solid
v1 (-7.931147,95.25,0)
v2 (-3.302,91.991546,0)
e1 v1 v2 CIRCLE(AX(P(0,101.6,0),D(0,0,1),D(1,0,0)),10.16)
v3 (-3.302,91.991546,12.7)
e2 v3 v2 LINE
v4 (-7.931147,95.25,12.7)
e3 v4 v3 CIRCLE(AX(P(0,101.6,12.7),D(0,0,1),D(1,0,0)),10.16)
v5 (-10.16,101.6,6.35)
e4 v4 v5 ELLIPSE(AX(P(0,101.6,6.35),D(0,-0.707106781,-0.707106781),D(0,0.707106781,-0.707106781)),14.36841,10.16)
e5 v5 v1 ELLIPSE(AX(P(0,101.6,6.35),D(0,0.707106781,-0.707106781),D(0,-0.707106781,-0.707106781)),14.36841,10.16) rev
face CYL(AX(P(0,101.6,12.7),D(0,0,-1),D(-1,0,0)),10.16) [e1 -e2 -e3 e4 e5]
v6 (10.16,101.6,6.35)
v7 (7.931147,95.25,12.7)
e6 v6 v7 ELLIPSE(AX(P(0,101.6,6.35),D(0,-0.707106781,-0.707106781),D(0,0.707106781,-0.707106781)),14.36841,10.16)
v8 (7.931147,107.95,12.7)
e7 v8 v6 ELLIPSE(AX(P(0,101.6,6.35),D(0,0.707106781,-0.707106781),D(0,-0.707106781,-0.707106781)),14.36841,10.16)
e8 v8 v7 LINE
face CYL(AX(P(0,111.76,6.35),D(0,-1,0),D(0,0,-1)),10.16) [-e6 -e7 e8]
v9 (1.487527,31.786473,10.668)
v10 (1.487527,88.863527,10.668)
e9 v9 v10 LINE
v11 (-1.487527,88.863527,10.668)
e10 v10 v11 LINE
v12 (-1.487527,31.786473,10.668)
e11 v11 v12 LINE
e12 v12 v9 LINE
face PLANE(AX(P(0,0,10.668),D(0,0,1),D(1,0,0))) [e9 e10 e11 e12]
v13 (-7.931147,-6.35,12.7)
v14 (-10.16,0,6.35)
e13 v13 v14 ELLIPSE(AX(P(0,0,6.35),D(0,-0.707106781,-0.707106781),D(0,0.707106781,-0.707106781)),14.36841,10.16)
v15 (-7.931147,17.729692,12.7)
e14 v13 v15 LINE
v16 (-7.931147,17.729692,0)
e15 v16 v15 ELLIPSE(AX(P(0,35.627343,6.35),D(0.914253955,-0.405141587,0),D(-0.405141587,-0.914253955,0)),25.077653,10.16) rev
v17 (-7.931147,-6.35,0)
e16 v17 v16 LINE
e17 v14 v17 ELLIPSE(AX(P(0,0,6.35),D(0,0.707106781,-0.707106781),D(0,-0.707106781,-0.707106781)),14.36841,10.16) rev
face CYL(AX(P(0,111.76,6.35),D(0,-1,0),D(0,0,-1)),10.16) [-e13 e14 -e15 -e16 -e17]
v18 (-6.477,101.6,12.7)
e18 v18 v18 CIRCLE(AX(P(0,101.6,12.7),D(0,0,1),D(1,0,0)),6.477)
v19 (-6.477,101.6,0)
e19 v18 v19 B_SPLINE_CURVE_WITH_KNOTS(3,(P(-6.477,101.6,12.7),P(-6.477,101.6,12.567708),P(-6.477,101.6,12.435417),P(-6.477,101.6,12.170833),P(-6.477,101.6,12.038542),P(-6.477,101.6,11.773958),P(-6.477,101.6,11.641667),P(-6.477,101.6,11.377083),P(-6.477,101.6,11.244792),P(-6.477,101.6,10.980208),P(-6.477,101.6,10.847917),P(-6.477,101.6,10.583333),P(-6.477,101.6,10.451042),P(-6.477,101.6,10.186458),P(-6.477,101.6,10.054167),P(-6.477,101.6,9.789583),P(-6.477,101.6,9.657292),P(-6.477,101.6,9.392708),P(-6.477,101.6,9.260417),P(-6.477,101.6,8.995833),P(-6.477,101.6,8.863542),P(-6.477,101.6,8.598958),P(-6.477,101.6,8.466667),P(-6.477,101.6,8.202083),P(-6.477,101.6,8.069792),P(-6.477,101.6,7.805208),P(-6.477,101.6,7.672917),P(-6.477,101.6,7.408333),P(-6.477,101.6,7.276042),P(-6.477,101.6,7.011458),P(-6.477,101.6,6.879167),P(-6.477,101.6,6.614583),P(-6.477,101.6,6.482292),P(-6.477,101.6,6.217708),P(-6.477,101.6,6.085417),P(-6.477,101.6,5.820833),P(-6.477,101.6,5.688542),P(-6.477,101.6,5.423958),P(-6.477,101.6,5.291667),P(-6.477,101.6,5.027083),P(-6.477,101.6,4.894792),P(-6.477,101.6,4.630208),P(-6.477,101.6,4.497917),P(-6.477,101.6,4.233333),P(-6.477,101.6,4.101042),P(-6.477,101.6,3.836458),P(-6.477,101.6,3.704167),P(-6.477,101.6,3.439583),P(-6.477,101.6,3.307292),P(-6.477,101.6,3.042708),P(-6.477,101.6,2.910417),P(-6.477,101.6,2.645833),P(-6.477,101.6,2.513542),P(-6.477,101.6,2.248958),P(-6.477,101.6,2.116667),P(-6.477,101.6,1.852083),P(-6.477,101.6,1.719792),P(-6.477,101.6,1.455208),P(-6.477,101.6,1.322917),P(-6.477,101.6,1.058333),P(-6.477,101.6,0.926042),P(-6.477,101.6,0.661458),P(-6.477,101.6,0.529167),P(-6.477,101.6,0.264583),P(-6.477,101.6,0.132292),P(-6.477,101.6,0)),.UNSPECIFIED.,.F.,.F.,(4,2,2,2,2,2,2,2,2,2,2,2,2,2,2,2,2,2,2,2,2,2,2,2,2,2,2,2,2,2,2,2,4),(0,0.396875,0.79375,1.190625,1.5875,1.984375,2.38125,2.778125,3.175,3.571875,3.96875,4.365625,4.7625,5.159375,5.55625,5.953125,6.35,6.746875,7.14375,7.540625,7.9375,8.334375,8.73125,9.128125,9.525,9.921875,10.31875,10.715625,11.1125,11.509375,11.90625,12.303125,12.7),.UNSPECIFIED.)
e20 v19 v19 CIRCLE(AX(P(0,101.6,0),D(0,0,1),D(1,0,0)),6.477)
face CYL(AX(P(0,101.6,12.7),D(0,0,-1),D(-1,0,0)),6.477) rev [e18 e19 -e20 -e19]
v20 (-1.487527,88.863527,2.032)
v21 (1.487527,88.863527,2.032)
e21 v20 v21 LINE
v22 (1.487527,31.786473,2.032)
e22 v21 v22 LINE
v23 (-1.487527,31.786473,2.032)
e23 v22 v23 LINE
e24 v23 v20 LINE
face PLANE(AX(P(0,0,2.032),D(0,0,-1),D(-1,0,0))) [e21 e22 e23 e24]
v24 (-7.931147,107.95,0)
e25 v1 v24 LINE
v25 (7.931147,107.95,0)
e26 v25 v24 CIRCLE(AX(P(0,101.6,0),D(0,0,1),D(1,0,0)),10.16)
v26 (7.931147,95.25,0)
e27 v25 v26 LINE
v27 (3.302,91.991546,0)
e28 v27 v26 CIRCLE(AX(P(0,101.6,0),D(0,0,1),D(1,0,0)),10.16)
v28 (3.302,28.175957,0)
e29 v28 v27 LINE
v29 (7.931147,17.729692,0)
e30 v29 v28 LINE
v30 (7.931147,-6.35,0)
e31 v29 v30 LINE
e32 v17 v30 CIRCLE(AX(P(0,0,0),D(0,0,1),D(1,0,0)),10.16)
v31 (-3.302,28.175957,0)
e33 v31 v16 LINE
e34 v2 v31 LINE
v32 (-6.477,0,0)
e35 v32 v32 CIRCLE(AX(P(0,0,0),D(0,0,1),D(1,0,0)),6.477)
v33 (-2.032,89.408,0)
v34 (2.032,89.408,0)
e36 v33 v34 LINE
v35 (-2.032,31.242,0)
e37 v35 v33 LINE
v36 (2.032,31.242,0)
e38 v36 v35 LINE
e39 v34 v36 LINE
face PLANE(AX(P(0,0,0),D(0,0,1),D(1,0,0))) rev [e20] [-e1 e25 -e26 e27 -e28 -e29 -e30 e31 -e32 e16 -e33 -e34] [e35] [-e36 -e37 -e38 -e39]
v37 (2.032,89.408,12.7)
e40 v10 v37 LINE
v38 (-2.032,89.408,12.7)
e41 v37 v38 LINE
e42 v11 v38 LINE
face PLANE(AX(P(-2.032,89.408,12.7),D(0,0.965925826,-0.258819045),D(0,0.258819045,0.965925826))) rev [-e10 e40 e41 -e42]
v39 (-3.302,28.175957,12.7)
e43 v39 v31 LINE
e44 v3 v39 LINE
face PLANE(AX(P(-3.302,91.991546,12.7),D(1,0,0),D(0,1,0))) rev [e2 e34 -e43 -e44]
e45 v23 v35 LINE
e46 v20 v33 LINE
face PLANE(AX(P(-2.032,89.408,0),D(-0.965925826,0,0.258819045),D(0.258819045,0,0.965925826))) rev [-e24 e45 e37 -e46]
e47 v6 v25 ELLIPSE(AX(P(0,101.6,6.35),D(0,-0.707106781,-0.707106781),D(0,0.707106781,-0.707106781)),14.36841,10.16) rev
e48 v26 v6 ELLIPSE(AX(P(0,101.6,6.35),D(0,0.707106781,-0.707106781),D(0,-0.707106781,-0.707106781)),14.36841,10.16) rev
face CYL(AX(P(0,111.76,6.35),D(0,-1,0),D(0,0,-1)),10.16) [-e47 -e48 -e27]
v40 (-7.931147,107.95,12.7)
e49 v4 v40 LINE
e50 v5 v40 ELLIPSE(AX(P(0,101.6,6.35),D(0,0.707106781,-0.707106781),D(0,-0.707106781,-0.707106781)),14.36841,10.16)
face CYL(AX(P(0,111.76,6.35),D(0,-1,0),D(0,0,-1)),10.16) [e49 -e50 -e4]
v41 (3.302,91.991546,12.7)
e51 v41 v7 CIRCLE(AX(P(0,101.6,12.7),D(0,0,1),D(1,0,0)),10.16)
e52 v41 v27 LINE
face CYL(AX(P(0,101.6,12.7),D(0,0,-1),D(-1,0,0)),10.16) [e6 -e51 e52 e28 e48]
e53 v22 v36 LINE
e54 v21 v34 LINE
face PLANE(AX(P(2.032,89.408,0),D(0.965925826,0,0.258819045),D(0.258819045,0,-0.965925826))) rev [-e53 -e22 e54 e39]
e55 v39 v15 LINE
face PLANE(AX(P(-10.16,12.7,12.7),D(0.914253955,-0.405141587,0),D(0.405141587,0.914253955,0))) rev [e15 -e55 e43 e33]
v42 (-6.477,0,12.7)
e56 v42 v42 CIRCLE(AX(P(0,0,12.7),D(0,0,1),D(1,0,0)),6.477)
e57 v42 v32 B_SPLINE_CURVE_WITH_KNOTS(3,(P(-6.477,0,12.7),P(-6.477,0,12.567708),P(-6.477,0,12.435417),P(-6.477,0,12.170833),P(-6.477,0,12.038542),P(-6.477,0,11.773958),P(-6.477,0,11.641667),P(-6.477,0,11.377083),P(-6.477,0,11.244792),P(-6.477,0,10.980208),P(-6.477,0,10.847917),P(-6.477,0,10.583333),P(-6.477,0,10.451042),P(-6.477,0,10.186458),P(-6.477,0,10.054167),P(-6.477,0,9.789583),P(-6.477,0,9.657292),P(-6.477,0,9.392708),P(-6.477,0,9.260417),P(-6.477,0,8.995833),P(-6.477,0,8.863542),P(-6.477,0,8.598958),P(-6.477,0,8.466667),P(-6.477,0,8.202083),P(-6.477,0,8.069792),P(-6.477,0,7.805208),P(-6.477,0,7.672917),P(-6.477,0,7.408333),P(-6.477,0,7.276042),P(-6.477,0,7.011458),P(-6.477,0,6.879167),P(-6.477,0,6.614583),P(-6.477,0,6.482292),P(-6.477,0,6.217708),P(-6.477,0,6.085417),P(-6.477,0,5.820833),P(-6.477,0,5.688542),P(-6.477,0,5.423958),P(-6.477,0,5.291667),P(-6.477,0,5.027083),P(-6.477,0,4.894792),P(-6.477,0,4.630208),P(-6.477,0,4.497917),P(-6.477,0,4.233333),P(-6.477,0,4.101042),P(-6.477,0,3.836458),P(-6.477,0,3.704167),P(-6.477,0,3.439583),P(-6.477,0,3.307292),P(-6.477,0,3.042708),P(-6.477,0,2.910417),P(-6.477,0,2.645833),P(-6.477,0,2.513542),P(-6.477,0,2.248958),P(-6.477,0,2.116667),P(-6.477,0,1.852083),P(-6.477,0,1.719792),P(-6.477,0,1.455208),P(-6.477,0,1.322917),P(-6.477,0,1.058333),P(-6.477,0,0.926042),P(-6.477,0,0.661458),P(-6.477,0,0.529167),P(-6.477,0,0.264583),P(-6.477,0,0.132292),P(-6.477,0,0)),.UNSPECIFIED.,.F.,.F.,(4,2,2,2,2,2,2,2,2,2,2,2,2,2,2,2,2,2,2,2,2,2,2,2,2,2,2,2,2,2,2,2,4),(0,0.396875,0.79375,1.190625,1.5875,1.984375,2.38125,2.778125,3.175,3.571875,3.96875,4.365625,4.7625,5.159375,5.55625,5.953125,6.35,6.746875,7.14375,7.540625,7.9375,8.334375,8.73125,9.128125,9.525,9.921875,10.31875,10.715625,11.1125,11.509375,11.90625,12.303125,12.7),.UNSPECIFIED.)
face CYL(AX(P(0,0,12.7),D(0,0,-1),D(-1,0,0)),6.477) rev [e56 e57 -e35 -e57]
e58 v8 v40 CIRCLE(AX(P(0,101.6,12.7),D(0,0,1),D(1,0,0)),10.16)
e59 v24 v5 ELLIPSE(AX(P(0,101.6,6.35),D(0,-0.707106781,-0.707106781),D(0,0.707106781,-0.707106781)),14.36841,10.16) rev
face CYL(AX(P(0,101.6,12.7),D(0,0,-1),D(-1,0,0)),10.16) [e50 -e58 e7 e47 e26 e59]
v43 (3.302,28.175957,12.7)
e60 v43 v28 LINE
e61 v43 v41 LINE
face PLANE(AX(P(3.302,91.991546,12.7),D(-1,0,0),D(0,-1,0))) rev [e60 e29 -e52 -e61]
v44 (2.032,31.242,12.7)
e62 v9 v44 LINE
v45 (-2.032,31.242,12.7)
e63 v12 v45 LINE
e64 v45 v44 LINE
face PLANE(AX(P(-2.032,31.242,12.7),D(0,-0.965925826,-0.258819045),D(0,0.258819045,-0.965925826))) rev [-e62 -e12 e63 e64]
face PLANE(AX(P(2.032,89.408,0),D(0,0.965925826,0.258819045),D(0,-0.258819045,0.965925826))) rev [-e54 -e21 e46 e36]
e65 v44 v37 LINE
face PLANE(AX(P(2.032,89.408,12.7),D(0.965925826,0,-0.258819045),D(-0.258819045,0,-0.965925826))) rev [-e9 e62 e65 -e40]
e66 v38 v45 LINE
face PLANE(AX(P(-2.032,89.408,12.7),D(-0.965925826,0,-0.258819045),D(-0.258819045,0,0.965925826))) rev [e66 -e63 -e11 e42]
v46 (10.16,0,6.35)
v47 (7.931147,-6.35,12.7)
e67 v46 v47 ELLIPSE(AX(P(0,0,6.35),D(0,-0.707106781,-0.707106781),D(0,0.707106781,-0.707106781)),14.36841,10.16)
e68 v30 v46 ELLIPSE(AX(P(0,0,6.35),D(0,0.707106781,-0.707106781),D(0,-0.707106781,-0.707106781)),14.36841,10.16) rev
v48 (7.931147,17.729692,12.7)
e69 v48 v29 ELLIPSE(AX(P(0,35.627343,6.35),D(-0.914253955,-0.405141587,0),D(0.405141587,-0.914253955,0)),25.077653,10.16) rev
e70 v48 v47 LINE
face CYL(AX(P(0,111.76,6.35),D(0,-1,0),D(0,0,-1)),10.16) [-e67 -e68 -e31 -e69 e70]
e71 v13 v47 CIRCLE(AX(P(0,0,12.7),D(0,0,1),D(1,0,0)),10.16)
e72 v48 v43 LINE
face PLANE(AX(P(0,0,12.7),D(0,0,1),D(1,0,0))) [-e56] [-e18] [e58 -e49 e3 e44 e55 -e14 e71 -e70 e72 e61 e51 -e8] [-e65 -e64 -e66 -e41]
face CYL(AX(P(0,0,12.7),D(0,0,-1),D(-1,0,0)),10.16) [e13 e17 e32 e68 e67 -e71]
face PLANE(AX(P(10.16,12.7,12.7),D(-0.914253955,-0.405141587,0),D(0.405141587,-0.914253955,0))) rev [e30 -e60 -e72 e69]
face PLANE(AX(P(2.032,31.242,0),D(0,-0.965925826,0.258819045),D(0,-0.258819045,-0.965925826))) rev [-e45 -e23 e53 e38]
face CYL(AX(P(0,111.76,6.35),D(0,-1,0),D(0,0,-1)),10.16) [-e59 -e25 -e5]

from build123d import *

# Parameters (mm, degrees)
SKETCH1_R               = 6.477
BOSS_EXTRUDE1_DEPTH     = 12.7
SKETCH2_W               = 4.064
SKETCH2_H               = 58.166
CUT_EXTRUDE1_DEPTH      = 2.032
CUT_EXTRUDE1_DRAFT      = -15
SKETCH3_W               = 4.064
SKETCH3_H               = 58.166
CUT_EXTRUDE2_DEPTH      = 2.032
CUT_EXTRUDE2_DRAFT      = -15
CUT_EXTRUDE3_DEPTH      = 113.937209103
CUT_EXTRUDE3_DEPTH_BACK = 10.16
SKETCH4_OUTSIDE_W       = 47.17
SKETCH4_OUTSIDE_H       = 39.55
SKETCH4_OUTSIDE_R       = 10.16


with BuildPart() as part:
    # Sketch1 → Boss-Extrude1 (new body)
    with BuildSketch(Plane.XY):
        with BuildLine():
            Line((-10.16, 0), (-10.16, 12.7))
            Line((-10.16, 12.7), (-3.302, 28.175956627))
            Line((-3.302, 28.175956627), (-3.302, 91.991545598))
            ThreePointArc((-3.302, 91.991545598), (0, 111.76), (3.302, 91.991545598))
            Line((3.302, 91.991545598), (3.302, 28.175956627))
            Line((3.302, 28.175956627), (10.16, 12.7))
            Line((10.16, 12.7), (10.16, 0))
            ThreePointArc((10.16, 0), (0, -10.16), (-10.16, 0))
        make_face()
        with Locations(Location((0, 0, 0), (0, 0, 180))):
            Circle(SKETCH1_R, mode=Mode.SUBTRACT)
        with Locations(Location((0, 101.6, 0), (0, 0, 180))):
            Circle(SKETCH1_R, mode=Mode.SUBTRACT)
    extrude(amount=BOSS_EXTRUDE1_DEPTH)


with BuildPart() as cut_extrude1_tool:
    # Sketch2 → Cut-Extrude1 (with draft: the straight prism first)
    with BuildSketch(Plane.XY.offset(12.7)):
        with Locations((0, 60.325)):
            Rectangle(SKETCH2_W, SKETCH2_H)
    extrude(amount=-CUT_EXTRUDE1_DEPTH)
    # Cut-Extrude1: the draft: its side faces are tilted about the plane it starts from
    cut_extrude1_sides = [cut_extrude1_tool.faces().sort_by_distance(p)[0] for p in [
        (-2.032, 60.325, 11.684),
        (0, 31.242, 11.684),
        (2.032, 60.325, 11.684),
        (0, 89.408, 11.684),
    ]]
    draft(cut_extrude1_sides, Plane.XY.offset(12.7), CUT_EXTRUDE1_DRAFT)


with BuildPart() as part_1:
    add(part.part)

    # Cut-Extrude1: cut by cut_extrude1_tool
    add(cut_extrude1_tool.part, mode=Mode.SUBTRACT)


with BuildPart() as cut_extrude2_tool:
    # Sketch3 → Cut-Extrude2 (with draft: the straight prism first)
    with BuildSketch(Plane(origin=(0, 0, 0), x_dir=(-1, 0, 0), z_dir=(0, 0, -1))):
        with Locations((0, 60.325)):
            Rectangle(SKETCH3_W, SKETCH3_H)
    extrude(amount=-CUT_EXTRUDE2_DEPTH)
    # Cut-Extrude2: the draft: its side faces are tilted about the plane it starts from
    cut_extrude2_sides = [cut_extrude2_tool.faces().sort_by_distance(p)[0] for p in [
        (2.032, 60.325, 1.016),
        (0, 31.242, 1.016),
        (-2.032, 60.325, 1.016),
        (0, 89.408, 1.016),
    ]]
    draft(cut_extrude2_sides, Plane(origin=(0, 0, 0), x_dir=(-1, 0, 0), z_dir=(0, 0, -1)), CUT_EXTRUDE2_DRAFT)


with BuildPart() as part_2:
    add(part_1.part)

    # Cut-Extrude2: cut by cut_extrude2_tool
    add(cut_extrude2_tool.part, mode=Mode.SUBTRACT)

    # Sketch4 outside → Cut-Extrude3 (cut, two sides: drawn at the far end of the back side and taken through both)
    with BuildSketch(Plane(origin=(0, 0, 0), x_dir=(1, 0, 0), z_dir=(0, 1, 0)).offset(-CUT_EXTRUDE3_DEPTH_BACK)):
        with Locations((0, -6.35)):
            Rectangle(SKETCH4_OUTSIDE_W, SKETCH4_OUTSIDE_H)
        with Locations((0, -6.35)):
            Circle(SKETCH4_OUTSIDE_R, mode=Mode.SUBTRACT)
    extrude(amount=CUT_EXTRUDE3_DEPTH + CUT_EXTRUDE3_DEPTH_BACK, mode=Mode.SUBTRACT)


solid = part_2.part
